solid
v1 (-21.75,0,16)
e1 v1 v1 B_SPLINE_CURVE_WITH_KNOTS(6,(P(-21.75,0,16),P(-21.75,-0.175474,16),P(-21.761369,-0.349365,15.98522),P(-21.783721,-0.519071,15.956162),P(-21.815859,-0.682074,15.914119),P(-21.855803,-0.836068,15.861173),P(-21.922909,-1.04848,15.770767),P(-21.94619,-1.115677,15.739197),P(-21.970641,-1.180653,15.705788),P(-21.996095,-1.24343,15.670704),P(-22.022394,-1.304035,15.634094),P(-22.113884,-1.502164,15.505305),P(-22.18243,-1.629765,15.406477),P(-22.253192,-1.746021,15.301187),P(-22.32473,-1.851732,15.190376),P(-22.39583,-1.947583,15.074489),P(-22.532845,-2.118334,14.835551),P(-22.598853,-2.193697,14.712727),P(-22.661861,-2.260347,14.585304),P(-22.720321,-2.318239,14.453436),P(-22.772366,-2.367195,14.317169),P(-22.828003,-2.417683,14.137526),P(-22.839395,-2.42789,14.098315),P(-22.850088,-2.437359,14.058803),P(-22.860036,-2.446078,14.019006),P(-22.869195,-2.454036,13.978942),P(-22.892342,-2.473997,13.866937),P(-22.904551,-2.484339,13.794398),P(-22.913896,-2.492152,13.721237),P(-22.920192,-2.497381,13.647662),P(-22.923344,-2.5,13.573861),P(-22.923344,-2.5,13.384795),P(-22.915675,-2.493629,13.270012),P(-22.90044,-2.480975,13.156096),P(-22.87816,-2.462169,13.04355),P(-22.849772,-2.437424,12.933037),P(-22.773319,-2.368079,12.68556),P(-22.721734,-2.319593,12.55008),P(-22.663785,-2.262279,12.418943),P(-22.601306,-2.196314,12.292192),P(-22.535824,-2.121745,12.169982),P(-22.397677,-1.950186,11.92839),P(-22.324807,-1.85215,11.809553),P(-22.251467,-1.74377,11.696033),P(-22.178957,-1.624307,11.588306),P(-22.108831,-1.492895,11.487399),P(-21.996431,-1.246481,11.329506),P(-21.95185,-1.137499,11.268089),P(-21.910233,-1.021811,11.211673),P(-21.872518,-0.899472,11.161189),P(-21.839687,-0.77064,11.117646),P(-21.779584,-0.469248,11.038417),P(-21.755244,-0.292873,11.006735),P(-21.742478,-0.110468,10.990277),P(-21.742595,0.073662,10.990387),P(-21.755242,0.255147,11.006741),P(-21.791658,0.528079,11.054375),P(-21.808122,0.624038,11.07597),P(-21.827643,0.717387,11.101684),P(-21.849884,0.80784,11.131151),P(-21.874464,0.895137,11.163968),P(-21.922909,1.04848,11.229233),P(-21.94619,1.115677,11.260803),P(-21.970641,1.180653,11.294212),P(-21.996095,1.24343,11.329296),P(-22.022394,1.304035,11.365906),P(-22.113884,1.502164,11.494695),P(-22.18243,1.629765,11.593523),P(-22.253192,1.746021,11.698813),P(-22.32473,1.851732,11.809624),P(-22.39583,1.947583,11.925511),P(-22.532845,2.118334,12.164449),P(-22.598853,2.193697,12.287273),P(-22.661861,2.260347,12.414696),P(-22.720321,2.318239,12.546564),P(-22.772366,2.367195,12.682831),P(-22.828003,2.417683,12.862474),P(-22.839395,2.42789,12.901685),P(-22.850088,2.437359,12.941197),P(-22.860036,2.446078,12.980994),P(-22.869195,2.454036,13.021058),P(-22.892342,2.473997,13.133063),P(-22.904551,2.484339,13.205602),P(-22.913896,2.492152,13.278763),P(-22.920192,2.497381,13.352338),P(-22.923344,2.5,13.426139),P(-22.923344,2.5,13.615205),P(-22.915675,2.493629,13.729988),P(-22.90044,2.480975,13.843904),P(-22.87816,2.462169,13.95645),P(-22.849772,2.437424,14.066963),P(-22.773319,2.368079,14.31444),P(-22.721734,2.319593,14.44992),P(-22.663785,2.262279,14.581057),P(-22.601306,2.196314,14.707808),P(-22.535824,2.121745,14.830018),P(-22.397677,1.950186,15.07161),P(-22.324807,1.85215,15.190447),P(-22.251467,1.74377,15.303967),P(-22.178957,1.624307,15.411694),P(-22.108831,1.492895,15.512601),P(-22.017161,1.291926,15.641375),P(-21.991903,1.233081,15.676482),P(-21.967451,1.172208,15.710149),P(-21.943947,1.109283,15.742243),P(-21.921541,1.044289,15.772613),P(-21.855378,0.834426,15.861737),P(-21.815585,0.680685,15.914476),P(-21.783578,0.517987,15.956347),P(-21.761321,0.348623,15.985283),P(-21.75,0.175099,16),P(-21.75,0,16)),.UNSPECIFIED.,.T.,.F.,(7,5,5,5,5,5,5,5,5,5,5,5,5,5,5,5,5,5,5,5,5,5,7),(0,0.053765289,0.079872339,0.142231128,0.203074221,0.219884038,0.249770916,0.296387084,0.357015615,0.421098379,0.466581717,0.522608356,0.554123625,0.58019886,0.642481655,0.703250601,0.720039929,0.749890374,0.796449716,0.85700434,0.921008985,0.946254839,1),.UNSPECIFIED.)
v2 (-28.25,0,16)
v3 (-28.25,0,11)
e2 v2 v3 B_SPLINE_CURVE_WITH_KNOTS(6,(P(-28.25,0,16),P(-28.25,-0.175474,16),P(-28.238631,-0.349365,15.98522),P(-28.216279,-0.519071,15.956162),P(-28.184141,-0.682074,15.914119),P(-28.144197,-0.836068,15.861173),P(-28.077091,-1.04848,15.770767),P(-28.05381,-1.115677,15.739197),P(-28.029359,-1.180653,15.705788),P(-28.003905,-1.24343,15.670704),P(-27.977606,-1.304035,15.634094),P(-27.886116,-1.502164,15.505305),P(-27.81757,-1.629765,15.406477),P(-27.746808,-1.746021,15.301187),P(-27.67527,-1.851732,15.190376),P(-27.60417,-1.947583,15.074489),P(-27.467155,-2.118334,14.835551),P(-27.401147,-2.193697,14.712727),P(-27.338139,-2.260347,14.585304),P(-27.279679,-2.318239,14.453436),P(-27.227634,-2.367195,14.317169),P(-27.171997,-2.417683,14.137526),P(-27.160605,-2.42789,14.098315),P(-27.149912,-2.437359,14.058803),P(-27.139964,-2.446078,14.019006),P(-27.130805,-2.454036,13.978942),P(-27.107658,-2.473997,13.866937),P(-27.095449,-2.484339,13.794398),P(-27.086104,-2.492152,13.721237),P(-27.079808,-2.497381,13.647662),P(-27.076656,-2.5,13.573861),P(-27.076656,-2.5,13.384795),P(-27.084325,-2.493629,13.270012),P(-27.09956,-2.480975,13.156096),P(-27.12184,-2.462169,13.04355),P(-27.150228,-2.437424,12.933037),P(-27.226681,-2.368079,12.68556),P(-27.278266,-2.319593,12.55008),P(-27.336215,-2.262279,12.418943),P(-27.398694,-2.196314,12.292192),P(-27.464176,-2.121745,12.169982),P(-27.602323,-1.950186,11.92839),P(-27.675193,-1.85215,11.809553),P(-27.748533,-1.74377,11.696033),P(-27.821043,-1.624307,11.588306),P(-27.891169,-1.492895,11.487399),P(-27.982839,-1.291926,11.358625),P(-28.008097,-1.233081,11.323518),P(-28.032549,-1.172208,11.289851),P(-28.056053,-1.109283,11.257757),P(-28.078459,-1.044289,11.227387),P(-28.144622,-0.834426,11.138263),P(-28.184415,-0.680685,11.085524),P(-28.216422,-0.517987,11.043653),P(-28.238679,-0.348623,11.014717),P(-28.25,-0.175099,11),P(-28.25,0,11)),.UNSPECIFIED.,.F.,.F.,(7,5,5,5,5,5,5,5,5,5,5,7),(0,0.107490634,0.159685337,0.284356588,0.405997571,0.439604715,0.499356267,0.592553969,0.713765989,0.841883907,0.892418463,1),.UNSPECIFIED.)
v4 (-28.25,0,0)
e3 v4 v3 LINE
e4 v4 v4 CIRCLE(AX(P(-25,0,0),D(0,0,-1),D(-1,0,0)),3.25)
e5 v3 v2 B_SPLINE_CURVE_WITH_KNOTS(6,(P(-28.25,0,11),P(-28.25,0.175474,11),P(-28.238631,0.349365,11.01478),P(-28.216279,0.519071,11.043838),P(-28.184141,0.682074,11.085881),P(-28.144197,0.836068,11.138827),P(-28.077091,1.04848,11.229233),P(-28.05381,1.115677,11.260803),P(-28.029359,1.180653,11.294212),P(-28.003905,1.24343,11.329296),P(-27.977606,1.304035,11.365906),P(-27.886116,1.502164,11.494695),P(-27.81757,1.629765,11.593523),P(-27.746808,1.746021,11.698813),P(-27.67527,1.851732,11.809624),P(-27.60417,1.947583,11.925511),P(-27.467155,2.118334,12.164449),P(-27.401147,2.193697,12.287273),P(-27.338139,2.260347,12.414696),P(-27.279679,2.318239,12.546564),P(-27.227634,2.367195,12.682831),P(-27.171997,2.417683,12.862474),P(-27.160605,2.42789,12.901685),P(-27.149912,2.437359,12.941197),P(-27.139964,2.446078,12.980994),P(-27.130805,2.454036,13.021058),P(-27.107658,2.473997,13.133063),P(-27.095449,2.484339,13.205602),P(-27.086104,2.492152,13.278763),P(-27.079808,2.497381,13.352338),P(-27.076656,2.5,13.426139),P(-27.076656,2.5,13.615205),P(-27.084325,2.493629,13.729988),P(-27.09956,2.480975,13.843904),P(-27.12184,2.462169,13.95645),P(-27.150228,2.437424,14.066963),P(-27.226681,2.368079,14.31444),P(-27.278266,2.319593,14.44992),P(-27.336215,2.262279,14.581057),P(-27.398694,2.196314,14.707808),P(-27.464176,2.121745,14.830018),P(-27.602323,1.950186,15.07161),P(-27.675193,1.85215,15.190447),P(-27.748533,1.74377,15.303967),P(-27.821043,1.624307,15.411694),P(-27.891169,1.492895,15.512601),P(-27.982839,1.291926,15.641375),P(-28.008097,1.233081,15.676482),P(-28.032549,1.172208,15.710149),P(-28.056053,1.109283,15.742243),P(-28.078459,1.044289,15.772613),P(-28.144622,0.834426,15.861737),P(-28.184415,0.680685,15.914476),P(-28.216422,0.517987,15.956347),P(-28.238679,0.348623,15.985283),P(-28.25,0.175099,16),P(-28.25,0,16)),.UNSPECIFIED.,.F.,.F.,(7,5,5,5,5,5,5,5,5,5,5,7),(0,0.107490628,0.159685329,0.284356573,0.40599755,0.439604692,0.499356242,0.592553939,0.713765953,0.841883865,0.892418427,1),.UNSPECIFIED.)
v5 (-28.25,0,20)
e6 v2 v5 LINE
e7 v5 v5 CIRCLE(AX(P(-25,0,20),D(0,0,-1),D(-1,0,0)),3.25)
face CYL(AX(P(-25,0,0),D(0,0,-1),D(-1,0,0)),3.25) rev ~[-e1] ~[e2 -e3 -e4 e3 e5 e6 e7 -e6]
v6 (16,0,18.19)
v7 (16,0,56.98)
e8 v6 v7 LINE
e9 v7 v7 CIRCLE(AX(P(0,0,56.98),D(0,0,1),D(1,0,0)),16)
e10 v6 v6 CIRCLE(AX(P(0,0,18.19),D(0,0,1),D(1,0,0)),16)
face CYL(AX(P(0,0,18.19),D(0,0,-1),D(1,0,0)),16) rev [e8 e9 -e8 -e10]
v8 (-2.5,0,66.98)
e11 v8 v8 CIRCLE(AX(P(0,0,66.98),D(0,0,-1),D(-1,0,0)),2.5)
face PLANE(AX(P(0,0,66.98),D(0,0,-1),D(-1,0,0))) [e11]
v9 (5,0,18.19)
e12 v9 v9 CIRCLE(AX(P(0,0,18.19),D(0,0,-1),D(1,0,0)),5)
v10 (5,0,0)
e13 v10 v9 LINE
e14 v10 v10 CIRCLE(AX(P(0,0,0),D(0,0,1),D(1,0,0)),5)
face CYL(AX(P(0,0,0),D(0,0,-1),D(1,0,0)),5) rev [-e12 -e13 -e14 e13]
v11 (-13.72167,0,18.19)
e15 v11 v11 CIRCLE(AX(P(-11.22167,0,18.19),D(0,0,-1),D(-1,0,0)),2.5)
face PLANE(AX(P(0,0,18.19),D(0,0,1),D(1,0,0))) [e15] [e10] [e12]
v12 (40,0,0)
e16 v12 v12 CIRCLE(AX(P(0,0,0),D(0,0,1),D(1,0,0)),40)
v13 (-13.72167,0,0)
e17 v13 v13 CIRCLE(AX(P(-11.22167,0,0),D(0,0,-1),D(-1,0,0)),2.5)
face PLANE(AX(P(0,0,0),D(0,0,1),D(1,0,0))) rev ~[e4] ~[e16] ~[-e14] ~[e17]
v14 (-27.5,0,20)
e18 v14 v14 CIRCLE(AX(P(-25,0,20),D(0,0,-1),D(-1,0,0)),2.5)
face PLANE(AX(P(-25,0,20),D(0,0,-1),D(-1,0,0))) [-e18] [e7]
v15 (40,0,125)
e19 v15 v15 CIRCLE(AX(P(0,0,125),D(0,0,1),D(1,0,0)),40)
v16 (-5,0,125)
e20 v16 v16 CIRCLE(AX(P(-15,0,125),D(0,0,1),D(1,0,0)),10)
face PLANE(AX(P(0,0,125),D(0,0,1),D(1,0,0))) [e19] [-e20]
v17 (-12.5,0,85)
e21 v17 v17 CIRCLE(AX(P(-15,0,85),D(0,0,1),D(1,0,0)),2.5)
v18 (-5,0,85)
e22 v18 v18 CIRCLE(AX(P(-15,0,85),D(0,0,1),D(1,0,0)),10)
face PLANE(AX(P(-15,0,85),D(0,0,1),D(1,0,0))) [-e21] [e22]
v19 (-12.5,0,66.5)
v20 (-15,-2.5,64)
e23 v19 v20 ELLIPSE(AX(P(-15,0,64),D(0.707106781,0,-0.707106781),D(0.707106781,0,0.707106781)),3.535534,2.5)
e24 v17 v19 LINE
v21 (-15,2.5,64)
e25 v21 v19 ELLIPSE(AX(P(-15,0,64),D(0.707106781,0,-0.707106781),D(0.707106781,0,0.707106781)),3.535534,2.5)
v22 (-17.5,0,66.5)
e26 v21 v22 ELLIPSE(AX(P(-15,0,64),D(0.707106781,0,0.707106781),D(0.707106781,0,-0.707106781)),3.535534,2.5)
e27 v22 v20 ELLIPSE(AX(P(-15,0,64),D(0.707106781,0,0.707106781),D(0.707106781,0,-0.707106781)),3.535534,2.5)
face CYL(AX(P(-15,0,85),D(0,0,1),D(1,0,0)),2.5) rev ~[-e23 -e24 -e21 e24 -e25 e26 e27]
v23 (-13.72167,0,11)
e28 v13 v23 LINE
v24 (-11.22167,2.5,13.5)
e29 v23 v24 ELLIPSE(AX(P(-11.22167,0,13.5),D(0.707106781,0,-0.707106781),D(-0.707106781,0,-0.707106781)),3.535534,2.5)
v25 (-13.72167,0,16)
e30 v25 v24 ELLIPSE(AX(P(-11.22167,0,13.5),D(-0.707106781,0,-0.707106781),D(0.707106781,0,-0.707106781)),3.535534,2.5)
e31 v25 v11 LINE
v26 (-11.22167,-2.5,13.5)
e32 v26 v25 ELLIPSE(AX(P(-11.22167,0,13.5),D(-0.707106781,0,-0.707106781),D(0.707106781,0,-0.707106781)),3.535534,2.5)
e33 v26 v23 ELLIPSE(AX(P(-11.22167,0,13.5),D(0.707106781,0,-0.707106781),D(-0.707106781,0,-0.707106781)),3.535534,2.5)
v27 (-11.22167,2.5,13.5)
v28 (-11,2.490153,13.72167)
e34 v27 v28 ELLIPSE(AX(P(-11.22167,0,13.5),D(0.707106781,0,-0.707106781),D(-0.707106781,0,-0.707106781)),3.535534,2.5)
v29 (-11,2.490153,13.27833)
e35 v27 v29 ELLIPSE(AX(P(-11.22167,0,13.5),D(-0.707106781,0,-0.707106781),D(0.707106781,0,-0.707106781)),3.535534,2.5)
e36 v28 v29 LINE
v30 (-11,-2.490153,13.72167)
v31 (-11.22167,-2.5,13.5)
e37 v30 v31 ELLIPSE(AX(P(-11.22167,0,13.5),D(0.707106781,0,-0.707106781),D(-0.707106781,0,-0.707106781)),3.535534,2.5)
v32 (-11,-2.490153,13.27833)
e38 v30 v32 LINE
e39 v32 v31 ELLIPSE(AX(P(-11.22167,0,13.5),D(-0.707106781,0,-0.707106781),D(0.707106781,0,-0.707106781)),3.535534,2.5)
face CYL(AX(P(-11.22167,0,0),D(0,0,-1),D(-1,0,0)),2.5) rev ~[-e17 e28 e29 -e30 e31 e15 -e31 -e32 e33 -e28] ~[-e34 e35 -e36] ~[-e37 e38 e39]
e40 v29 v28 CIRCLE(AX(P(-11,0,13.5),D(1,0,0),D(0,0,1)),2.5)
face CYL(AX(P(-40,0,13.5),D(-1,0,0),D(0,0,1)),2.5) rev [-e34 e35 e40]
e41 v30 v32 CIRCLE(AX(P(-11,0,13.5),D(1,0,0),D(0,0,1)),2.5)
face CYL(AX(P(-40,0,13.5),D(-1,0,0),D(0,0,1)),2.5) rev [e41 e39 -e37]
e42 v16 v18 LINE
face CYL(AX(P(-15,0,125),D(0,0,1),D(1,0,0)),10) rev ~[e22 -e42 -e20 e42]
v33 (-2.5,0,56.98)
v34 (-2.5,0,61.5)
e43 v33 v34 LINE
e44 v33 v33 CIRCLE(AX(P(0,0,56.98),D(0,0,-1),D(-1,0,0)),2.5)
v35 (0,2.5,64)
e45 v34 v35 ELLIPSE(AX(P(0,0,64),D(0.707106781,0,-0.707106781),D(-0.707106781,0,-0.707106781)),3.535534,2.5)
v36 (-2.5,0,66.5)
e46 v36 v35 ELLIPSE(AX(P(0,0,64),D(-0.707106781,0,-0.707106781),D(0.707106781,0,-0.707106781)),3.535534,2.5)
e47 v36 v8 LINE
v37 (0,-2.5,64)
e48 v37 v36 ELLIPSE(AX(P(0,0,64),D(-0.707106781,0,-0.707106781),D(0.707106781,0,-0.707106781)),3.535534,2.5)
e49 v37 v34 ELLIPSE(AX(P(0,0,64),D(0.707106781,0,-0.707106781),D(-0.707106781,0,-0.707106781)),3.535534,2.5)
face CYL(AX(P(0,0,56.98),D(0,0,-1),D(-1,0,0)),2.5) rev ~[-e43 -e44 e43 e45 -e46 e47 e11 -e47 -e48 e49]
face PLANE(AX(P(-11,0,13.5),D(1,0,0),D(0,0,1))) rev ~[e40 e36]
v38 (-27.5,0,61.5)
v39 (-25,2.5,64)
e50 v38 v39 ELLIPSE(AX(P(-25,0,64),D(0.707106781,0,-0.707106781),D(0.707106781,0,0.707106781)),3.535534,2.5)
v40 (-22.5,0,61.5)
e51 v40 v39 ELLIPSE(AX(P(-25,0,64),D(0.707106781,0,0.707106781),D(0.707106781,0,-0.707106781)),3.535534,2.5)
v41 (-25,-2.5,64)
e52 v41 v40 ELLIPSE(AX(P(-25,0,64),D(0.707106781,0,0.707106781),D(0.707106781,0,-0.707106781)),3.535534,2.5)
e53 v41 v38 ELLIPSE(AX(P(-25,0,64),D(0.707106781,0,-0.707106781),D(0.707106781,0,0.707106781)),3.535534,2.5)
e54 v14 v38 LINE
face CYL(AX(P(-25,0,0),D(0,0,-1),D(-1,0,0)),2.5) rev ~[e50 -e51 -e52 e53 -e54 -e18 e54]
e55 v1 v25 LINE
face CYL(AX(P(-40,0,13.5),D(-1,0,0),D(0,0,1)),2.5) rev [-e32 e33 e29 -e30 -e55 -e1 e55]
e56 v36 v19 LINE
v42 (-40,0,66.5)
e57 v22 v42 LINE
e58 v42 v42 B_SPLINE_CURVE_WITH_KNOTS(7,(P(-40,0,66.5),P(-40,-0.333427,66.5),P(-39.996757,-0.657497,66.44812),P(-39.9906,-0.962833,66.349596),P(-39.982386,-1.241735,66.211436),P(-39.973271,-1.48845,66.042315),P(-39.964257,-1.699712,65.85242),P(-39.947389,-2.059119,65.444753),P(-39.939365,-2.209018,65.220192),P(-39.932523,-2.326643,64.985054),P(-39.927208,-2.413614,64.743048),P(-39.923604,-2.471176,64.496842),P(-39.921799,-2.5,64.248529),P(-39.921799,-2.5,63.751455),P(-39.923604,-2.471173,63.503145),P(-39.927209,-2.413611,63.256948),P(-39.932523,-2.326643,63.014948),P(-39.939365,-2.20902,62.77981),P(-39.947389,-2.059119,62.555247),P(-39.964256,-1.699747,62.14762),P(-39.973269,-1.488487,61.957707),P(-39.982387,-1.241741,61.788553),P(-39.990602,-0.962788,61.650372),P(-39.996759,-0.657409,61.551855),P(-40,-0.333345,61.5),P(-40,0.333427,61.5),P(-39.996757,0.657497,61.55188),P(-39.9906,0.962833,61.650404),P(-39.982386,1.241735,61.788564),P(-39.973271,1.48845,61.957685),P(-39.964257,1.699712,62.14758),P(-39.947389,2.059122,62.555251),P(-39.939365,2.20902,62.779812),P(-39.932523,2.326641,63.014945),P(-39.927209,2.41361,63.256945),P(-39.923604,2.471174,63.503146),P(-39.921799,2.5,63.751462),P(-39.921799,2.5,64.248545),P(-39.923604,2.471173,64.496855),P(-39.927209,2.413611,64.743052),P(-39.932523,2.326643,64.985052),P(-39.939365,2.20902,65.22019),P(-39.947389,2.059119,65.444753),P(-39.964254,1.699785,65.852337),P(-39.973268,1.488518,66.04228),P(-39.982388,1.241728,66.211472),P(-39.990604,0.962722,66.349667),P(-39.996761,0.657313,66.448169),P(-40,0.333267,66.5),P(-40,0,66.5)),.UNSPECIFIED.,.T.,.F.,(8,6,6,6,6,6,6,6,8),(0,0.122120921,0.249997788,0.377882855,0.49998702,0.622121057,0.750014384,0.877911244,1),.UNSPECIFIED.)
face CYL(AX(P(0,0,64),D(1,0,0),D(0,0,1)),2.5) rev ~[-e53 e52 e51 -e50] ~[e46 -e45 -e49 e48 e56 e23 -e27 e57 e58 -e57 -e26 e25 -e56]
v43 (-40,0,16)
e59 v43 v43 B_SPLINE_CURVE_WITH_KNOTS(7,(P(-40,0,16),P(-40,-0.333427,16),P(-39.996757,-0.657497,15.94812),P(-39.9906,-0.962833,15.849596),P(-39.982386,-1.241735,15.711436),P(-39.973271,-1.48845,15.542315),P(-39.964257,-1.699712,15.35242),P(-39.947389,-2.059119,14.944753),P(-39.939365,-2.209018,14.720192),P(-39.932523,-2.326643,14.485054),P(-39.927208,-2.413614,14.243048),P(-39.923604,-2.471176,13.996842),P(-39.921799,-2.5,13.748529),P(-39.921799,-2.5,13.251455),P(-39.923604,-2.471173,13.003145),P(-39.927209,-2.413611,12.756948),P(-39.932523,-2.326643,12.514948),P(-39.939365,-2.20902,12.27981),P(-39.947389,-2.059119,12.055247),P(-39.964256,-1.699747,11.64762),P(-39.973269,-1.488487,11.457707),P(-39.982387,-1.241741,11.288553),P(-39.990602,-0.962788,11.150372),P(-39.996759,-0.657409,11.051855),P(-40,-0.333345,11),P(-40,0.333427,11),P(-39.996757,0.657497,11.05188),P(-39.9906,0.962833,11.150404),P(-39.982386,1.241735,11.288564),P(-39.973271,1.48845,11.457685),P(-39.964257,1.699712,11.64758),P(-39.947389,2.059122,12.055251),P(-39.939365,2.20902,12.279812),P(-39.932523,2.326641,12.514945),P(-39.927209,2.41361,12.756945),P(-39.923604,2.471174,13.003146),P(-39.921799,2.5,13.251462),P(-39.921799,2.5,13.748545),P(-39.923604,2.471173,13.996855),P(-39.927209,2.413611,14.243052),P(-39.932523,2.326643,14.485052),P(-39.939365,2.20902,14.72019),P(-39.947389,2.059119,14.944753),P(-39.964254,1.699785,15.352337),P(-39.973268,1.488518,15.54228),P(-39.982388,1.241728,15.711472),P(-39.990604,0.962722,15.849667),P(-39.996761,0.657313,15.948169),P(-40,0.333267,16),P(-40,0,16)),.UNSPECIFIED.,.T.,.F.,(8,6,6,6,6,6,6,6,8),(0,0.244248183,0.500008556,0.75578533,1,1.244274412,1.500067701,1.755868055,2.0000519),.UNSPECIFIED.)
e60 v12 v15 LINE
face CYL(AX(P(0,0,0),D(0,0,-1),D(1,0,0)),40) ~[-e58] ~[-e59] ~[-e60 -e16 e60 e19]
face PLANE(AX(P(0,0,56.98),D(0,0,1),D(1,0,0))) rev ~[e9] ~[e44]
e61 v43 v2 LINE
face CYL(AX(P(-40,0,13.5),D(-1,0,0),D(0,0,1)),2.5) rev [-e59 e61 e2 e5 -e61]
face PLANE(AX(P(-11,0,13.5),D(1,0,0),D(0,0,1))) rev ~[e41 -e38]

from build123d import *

# Parameters (mm, degrees)
SKETCH1_R           = 40
BOSS_EXTRUDE1_DEPTH = 125
SKETCH9_R           = 16
CUT_EXTRUDE3_DEPTH  = 38.79
SKETCH11_R          = 2.5
CUT_EXTRUDE5_DEPTH  = 10
SKETCH10_R          = 5
CUT_EXTRUDE4_DEPTH  = 38.5
SKETCH12_R          = 2.5
CUT_EXTRUDE7_DEPTH  = 44
SKETCH13_R          = 2.5
CUT_EXTRUDE8_DEPTH  = 64
SKETCH14_R          = 3.25
CUT_EXTRUDE9_DEPTH  = 20
SKETCH16_R          = 2.5
CUT_EXTRUDE10_DEPTH = 36
SKETCH18_R          = 2.5
CUT_EXTRUDE11_DEPTH = 29
SKETCH21_R          = 10
CUT_EXTRUDE12_DEPTH = 40
SKETCH22_R          = 2.5
CUT_EXTRUDE13_DEPTH = 21


with BuildPart() as part:
    # Sketch1 → Boss-Extrude1 (new body)
    with BuildSketch(Plane.XY):
        Circle(SKETCH1_R)
    extrude(amount=BOSS_EXTRUDE1_DEPTH)

    # Sketch9 → Cut-Extrude3 (cut)
    with BuildSketch(Plane.XY.offset(18.19)):
        Circle(SKETCH9_R)
    extrude(amount=CUT_EXTRUDE3_DEPTH, mode=Mode.SUBTRACT)

    # Sketch11 → Cut-Extrude5 (cut)
    with BuildSketch(Plane(origin=(0, 0, 56.98), x_dir=(-1, 0, 0), z_dir=(0, 0, -1))):
        Circle(SKETCH11_R)
    extrude(amount=-CUT_EXTRUDE5_DEPTH, mode=Mode.SUBTRACT)

    # Sketch10 → Cut-Extrude4 (cut)
    with BuildSketch(Plane.XY):
        Circle(SKETCH10_R)
    extrude(amount=CUT_EXTRUDE4_DEPTH, mode=Mode.SUBTRACT)

    # Sketch12 → Cut-Extrude7 (cut)
    with BuildSketch(Plane(origin=(0, 0, 0), x_dir=(0, 0, -1), z_dir=(1, 0, 0))):
        with Locations(Location((-64, 0, 0), (0, 0, 180))):
            Circle(SKETCH12_R)
    extrude(amount=-CUT_EXTRUDE7_DEPTH, mode=Mode.SUBTRACT)

    # Sketch13 → Cut-Extrude8 (cut)
    with BuildSketch(Plane(origin=(0, 0, 0), x_dir=(-1, 0, 0), z_dir=(0, 0, -1))):
        with Locations((25, 0)):
            Circle(SKETCH13_R)
    extrude(amount=-CUT_EXTRUDE8_DEPTH, mode=Mode.SUBTRACT)

    # Sketch14 → Cut-Extrude9 (cut)
    with BuildSketch(Plane(origin=(0, 0, 0), x_dir=(-1, 0, 0), z_dir=(0, 0, -1))):
        with Locations((25, 0)):
            Circle(SKETCH14_R)
    extrude(amount=-CUT_EXTRUDE9_DEPTH, mode=Mode.SUBTRACT)

    # Sketch16 → Cut-Extrude10 (cut)
    with BuildSketch(Plane(origin=(0, 0, 0), x_dir=(-1, 0, 0), z_dir=(0, 0, -1))):
        with Locations((11.221670406, 0)):
            Circle(SKETCH16_R)
    extrude(amount=-CUT_EXTRUDE10_DEPTH, mode=Mode.SUBTRACT)

    # Sketch18 → Cut-Extrude11 (cut)
    with BuildSketch(Plane(origin=(-40, 0, 0), x_dir=(0, 0, -1), z_dir=(1, 0, 0))):
        with Locations(Location((-13.5, 0, 0), (0, 0, 180))):
            Circle(SKETCH18_R)
    extrude(amount=CUT_EXTRUDE11_DEPTH, mode=Mode.SUBTRACT)

    # Sketch21 → Cut-Extrude12 (cut)
    with BuildSketch(Plane.XY.offset(125)):
        with Locations((-15, 0)):
            Circle(SKETCH21_R)
    extrude(amount=-CUT_EXTRUDE12_DEPTH, mode=Mode.SUBTRACT)

    # Sketch22 → Cut-Extrude13 (cut)
    with BuildSketch(Plane.XY.offset(85)):
        with Locations((-15, 0)):
            Circle(SKETCH22_R)
    extrude(amount=-CUT_EXTRUDE13_DEPTH, mode=Mode.SUBTRACT)


solid = part.part
